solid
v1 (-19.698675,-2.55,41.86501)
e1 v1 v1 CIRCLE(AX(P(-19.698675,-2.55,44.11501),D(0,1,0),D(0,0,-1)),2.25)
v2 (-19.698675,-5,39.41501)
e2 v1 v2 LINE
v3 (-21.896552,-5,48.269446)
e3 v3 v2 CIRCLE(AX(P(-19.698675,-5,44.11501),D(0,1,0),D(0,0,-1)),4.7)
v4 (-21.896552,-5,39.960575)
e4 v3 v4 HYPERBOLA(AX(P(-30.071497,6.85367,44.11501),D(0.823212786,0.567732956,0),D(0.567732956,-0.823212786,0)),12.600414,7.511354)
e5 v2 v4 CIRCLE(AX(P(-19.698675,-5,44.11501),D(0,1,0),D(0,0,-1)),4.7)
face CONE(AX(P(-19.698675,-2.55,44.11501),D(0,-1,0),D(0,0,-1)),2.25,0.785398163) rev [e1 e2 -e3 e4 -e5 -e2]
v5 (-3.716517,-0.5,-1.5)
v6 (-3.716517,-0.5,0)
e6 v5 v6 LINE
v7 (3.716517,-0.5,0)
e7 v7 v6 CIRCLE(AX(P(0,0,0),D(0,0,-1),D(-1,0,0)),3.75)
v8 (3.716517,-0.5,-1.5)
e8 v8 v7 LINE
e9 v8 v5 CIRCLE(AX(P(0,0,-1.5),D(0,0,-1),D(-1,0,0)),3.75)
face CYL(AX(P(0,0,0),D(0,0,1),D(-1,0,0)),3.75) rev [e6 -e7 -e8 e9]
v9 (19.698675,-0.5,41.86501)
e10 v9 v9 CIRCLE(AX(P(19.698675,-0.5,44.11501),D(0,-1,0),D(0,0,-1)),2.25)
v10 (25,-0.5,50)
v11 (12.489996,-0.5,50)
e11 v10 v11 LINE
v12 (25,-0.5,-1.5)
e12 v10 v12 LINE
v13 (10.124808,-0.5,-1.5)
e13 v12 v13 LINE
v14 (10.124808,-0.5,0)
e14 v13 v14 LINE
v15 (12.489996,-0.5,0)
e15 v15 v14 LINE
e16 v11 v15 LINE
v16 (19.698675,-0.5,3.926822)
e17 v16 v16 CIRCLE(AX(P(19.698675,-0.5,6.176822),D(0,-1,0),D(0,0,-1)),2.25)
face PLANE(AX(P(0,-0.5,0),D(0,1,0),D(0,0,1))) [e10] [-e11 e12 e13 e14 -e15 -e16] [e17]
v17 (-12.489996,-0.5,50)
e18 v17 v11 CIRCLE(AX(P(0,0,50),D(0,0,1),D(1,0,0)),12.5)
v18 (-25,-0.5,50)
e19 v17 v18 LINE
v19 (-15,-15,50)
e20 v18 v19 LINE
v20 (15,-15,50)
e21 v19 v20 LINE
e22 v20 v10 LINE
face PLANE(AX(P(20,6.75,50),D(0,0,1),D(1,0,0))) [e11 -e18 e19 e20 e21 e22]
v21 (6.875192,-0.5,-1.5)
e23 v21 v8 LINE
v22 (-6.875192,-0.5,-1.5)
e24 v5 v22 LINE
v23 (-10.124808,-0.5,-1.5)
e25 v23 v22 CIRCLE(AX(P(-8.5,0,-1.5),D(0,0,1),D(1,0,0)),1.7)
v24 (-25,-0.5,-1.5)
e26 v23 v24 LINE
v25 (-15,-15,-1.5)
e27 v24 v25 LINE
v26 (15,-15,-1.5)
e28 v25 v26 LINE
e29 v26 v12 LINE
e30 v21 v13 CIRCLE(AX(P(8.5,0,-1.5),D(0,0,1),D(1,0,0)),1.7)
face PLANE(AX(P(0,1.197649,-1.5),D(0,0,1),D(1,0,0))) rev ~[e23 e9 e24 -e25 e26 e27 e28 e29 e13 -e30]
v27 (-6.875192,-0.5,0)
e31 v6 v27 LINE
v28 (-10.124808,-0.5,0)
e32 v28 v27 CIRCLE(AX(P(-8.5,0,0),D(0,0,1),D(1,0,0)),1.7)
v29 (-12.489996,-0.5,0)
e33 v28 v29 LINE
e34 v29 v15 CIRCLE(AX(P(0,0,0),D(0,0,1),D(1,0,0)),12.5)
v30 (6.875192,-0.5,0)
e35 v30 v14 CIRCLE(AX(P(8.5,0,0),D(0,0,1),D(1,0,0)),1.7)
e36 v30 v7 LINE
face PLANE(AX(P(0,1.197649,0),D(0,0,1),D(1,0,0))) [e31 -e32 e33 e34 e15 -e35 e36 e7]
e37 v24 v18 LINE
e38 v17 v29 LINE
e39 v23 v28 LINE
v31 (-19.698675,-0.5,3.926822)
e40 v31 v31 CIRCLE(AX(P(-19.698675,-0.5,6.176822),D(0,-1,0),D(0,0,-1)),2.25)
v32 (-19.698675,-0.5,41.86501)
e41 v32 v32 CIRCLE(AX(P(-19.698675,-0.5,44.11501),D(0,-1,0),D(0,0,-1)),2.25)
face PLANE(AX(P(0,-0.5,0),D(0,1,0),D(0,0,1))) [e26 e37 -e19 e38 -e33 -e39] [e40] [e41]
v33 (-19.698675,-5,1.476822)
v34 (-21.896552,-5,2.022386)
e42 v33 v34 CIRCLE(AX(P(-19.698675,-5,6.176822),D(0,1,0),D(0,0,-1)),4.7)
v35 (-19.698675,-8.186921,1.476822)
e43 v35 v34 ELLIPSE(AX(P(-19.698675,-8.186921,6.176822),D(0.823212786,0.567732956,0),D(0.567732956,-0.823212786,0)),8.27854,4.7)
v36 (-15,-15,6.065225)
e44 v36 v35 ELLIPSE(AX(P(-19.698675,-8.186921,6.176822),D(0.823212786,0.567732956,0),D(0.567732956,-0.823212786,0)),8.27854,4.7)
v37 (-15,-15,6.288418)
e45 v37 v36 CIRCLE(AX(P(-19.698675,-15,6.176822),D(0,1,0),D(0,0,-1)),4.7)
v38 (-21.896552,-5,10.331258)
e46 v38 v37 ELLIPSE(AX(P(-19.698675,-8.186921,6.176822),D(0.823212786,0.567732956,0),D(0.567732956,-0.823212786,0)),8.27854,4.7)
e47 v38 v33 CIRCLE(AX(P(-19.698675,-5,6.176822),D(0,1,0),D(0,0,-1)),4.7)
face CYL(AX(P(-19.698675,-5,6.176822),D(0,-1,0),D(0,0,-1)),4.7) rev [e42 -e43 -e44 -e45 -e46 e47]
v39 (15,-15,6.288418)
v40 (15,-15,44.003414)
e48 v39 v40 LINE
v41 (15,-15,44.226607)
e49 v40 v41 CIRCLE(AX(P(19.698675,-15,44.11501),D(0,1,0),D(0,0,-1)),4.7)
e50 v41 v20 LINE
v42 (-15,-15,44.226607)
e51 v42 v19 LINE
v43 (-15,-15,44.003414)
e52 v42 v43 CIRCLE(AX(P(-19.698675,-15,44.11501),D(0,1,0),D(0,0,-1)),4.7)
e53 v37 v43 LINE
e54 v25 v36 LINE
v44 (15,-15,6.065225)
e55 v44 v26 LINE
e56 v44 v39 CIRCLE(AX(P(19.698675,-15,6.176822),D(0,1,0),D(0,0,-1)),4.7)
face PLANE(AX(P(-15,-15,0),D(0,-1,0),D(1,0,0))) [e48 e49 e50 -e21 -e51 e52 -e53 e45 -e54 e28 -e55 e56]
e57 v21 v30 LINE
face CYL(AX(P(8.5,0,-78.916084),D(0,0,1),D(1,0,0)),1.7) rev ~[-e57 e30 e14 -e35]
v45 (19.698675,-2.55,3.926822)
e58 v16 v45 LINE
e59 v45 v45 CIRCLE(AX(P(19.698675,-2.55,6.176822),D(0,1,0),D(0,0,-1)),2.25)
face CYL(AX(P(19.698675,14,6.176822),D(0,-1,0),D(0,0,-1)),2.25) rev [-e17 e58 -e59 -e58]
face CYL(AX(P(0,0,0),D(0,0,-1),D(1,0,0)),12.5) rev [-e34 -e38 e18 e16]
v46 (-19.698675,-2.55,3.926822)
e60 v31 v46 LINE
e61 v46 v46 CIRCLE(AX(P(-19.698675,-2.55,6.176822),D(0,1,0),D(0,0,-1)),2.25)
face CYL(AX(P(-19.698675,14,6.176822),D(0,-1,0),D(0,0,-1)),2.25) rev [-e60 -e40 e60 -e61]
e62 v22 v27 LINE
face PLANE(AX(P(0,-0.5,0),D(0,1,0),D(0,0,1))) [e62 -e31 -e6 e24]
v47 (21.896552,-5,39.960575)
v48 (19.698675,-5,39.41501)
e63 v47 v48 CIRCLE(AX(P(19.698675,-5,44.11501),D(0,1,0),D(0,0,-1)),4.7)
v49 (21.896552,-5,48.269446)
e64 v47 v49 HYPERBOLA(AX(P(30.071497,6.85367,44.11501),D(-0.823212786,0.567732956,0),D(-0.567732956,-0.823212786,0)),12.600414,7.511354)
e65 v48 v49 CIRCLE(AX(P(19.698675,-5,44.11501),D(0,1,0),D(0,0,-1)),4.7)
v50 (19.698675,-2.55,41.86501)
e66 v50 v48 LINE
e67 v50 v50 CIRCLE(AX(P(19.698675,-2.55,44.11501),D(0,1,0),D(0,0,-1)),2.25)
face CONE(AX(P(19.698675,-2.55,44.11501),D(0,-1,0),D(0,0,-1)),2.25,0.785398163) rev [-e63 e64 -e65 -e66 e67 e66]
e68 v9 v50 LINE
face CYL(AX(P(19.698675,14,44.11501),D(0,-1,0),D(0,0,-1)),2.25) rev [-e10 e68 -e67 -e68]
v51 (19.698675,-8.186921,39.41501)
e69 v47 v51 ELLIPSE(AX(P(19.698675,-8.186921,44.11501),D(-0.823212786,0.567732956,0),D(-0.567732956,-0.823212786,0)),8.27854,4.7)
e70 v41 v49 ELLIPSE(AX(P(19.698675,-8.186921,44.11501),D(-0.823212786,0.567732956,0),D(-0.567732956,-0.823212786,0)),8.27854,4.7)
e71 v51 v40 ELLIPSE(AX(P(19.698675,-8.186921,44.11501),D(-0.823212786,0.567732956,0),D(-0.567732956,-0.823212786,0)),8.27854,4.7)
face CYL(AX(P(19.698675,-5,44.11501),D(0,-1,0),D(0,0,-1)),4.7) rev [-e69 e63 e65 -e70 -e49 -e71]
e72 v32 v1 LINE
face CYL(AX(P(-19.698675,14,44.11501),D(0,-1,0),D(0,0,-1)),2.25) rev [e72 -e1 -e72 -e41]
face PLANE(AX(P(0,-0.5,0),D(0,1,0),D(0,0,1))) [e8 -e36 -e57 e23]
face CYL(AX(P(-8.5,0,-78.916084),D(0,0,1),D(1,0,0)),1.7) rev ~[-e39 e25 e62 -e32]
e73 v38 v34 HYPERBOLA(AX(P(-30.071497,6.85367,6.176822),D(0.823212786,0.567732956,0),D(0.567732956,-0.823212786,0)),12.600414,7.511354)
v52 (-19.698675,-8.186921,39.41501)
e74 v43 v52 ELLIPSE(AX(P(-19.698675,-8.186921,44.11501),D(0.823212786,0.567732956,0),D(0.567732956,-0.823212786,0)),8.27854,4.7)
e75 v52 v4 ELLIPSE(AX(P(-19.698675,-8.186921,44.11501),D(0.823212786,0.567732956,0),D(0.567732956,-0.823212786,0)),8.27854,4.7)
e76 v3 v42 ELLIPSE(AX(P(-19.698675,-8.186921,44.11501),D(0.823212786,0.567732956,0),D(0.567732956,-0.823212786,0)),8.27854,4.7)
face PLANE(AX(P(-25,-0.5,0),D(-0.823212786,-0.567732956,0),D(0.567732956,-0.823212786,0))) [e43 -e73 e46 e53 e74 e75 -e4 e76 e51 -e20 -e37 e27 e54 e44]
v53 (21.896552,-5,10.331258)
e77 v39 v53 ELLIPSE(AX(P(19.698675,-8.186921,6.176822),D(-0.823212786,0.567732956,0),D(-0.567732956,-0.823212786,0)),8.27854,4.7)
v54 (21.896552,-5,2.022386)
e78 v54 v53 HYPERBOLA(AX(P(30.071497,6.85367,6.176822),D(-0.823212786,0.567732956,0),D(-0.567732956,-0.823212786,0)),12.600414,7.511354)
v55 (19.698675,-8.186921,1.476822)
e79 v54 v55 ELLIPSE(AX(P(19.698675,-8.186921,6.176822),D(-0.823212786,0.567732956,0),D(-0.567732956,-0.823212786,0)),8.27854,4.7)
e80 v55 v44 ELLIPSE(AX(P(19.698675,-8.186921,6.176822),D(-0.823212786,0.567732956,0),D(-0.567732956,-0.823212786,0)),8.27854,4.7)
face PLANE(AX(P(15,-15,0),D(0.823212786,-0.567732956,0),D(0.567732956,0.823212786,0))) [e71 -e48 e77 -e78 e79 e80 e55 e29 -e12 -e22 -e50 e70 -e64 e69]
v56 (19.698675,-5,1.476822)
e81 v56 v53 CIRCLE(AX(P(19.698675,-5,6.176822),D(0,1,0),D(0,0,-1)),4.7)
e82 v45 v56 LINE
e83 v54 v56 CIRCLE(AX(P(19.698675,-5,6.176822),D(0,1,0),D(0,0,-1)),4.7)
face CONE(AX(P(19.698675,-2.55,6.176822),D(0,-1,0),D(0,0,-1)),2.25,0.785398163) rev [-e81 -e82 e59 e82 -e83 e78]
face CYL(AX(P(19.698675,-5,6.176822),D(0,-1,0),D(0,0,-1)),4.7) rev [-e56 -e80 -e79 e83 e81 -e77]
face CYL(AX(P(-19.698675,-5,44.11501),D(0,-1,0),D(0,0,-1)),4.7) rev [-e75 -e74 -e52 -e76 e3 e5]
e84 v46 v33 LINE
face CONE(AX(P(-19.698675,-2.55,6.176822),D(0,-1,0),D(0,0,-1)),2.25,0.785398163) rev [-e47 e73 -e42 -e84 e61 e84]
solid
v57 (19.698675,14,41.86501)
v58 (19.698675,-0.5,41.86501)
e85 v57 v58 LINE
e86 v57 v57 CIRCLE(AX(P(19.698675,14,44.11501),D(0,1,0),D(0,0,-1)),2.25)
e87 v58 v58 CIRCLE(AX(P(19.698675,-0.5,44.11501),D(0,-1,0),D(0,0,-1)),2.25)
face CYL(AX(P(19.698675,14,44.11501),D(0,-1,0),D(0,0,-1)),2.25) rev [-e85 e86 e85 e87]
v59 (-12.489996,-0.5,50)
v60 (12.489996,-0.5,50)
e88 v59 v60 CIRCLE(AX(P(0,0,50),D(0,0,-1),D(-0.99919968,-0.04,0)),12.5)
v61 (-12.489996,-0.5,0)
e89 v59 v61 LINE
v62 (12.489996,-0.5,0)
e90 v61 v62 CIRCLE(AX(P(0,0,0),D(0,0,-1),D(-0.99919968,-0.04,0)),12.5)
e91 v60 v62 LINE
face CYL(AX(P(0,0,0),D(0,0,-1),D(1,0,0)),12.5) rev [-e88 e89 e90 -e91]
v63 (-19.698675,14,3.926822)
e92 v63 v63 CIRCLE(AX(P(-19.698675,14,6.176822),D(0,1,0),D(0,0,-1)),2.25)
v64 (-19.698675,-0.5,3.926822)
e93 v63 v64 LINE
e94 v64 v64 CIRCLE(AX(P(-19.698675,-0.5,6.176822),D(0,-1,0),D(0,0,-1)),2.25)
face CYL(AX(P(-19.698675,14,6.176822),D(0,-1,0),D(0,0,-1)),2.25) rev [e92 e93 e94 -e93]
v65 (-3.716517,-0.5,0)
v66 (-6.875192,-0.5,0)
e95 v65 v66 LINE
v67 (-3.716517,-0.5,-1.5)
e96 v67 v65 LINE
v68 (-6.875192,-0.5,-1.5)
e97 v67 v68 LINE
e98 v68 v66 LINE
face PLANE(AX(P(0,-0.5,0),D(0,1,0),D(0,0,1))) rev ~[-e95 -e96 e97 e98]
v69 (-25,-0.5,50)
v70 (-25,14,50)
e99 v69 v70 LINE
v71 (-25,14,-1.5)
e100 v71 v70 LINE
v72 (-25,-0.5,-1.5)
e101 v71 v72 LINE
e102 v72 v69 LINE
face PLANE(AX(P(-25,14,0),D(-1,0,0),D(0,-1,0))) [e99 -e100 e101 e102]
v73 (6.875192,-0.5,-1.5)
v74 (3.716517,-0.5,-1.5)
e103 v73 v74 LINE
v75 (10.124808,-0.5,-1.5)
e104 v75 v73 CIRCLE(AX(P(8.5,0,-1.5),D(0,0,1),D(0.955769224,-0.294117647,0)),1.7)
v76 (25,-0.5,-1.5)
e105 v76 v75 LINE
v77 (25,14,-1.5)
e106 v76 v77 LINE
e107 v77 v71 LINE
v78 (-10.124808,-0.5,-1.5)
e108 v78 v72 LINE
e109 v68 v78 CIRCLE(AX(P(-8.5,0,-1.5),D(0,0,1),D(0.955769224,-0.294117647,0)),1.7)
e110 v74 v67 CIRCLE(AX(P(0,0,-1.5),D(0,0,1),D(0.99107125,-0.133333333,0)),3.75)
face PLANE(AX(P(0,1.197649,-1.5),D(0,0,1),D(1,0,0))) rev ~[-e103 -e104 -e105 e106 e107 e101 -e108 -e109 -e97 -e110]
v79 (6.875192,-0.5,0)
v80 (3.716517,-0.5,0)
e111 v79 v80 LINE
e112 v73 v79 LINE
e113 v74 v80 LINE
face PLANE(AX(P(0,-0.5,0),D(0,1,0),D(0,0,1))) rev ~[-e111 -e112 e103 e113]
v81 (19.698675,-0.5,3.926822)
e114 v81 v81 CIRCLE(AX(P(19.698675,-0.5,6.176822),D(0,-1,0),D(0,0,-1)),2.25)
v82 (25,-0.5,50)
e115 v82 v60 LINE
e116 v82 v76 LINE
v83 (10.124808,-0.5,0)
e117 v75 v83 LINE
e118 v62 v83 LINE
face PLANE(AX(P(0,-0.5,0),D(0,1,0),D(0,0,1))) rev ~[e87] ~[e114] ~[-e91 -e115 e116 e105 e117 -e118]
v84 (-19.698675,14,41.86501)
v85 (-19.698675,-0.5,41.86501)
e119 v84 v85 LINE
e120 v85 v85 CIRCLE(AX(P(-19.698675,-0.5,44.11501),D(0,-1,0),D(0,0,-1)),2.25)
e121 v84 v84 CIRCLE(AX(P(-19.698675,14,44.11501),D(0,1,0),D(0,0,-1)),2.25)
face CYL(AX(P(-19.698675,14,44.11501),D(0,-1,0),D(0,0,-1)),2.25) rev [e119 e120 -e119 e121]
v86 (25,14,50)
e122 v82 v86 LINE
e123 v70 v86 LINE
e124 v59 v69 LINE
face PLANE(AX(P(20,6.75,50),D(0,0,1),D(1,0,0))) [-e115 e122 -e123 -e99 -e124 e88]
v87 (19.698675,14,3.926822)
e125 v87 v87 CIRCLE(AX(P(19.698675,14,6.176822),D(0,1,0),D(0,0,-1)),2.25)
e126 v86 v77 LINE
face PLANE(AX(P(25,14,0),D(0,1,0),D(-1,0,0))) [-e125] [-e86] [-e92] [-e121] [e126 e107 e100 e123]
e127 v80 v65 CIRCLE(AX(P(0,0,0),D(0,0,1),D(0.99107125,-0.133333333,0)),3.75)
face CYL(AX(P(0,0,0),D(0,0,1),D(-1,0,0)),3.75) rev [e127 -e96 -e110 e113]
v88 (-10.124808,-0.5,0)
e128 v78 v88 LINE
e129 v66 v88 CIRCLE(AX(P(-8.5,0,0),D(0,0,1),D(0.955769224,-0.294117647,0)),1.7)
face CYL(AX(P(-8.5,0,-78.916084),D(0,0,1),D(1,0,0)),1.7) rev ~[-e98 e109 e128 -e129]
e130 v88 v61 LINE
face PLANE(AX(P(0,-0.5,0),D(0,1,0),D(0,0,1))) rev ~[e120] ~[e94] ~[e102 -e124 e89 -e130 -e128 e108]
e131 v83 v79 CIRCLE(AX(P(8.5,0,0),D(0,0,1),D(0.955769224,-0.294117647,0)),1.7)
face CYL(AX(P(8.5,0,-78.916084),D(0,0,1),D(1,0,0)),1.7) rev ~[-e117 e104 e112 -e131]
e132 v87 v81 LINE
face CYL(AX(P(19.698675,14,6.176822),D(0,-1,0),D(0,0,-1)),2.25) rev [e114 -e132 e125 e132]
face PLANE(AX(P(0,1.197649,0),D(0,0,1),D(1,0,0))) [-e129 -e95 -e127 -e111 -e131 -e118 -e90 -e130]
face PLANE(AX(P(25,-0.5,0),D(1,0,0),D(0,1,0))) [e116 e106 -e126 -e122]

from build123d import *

# Parameters (mm, degrees)
ESQUISSE1_W                                 = 10
ESQUISSE1_H                                 = 14.5
ESQUISSE1_W_2                               = 30
ESQUISSE1_H_2                               = 29
ESQUISSE1_R                                 = 12.5
BOSS_EXTRU_1_DEPTH                          = 50
FRAISAGE_POUR_VIS_T_TE_FRAIS_E_M41_AT_COUNT = 2
FRAISAGE_POUR_VIS_T_TE_FRAIS_E_M41_AT_PITCH = 39.397349882
FRAISAGE_POUR_VIS_T_TE_FRAIS_E_M41_2_COUNT  = 2
FRAISAGE_POUR_VIS_T_TE_FRAIS_E_M41_2_PITCH  = 54.694216744
FRAISAGE_POUR_VIS_T_TE_FRAIS_E_M41_3_COUNT  = 2
FRAISAGE_POUR_VIS_T_TE_FRAIS_E_M41_3_PITCH  = 37.938188775
ESQUISSE26_R                                = 3.75
BOSS_EXTRU_2_DEPTH                          = 1.5
D_GAGEMENT_M31_D                            = 3.4


with BuildPart() as part:
    # Esquisse1 → Boss.-Extru.1 (new body)
    # profile 1 of 5: a face of its own
    with BuildSketch(Plane.XY):
        with Locations((-20, 6.75)):
            Rectangle(ESQUISSE1_W, ESQUISSE1_H)
    # profile 2 of 5: a face of its own
    with BuildSketch(Plane.XY):
        Polygon((-15, -15), (-15, -0.5), (-25, -0.5), align=None)
    # profile 3 of 5: a face of its own
    with BuildSketch(Plane.XY):
        with Locations((0, -0.5)):
            Rectangle(ESQUISSE1_W_2, ESQUISSE1_H_2)
        Circle(ESQUISSE1_R, mode=Mode.SUBTRACT)
    # profile 4 of 5: a face of its own
    with BuildSketch(Plane.XY):
        Polygon((25, -0.5), (15, -0.5), (15, -15), align=None)
    # profile 5 of 5: a face of its own
    with BuildSketch(Plane.XY):
        with Locations((20, 6.75)):
            Rectangle(ESQUISSE1_W, ESQUISSE1_H)
    extrude(amount=BOSS_EXTRU_1_DEPTH)

    # Esquisse25 → Fraisage pour vis à tête fraisée M41 (revolve, cut)
    with BuildSketch(Plane(origin=(19.698674941, -15, 6.176821723), x_dir=(0, 0, -1), z_dir=(1, 0, 0))):
        Polygon((0, 0), (0, 29), (2.25, 29), (2.25, 12.45), (4.7, 10), (4.7, 0), align=None)
    fraisage_pour_vis_t_te_frais_e_m41 = revolve(axis=Axis((19.698674941, -21.35, 6.176821723), (0, 1, 0)), mode=Mode.SUBTRACT)

    # Fraisage pour vis à tête fraisée M41 at: Fraisage pour vis à tête fraisée M41 ×2
    with Locations(*[(-i * FRAISAGE_POUR_VIS_T_TE_FRAIS_E_M41_AT_PITCH, 0, 0) for i in range(1, FRAISAGE_POUR_VIS_T_TE_FRAIS_E_M41_AT_COUNT)]):
        add(fraisage_pour_vis_t_te_frais_e_m41, mode=Mode.SUBTRACT)

    # Fraisage pour vis _ t_te frais_e M41 2: Fraisage pour vis à tête fraisée M41 ×2
    with Locations(*[Vector(-0.7203202134914811, 0, 0.6936416870658707) * (i * FRAISAGE_POUR_VIS_T_TE_FRAIS_E_M41_2_PITCH) for i in range(1, FRAISAGE_POUR_VIS_T_TE_FRAIS_E_M41_2_COUNT)]):
        add(fraisage_pour_vis_t_te_frais_e_m41, mode=Mode.SUBTRACT)

    # Fraisage pour vis _ t_te frais_e M41 3: Fraisage pour vis à tête fraisée M41 ×2
    with Locations(*[(0, 0, i * FRAISAGE_POUR_VIS_T_TE_FRAIS_E_M41_3_PITCH) for i in range(1, FRAISAGE_POUR_VIS_T_TE_FRAIS_E_M41_3_COUNT)]):
        add(fraisage_pour_vis_t_te_frais_e_m41, mode=Mode.SUBTRACT)

    # Esquisse26 → Boss.-Extru.2 (add)
    with BuildSketch(Plane(origin=(0, 0, 0), x_dir=(-1, 0, 0), z_dir=(0, 0, -1))):
        Polygon((-25, 14), (25, 14), (25, -0.5), (15, -15), (-15, -15), (-25, -0.5), align=None)
        Circle(ESQUISSE26_R, mode=Mode.SUBTRACT)
    extrude(amount=BOSS_EXTRU_2_DEPTH)

    # Dégagement M31 (through all)
    with Locations(Plane(origin=(0, 0, -1.5), x_dir=(-1, 0, 0), z_dir=(0, 0, -1))):
        with Locations((-8.5, 0), (8.5, 0)):
            Hole(D_GAGEMENT_M31_D / 2)


with BuildPart() as body_2:
    # Fractionner1: the piece on the far side of the plane
    add(part.part)
    split(bisect_by=Plane.ZX.offset(-0.5), keep=Keep.BOTTOM)


with BuildPart() as part_1:
    add(part.part)

    # Fractionner1
    split(bisect_by=Plane.ZX.offset(-0.5), keep=Keep.TOP)


solid = Compound([body_2.part, part_1.part])
